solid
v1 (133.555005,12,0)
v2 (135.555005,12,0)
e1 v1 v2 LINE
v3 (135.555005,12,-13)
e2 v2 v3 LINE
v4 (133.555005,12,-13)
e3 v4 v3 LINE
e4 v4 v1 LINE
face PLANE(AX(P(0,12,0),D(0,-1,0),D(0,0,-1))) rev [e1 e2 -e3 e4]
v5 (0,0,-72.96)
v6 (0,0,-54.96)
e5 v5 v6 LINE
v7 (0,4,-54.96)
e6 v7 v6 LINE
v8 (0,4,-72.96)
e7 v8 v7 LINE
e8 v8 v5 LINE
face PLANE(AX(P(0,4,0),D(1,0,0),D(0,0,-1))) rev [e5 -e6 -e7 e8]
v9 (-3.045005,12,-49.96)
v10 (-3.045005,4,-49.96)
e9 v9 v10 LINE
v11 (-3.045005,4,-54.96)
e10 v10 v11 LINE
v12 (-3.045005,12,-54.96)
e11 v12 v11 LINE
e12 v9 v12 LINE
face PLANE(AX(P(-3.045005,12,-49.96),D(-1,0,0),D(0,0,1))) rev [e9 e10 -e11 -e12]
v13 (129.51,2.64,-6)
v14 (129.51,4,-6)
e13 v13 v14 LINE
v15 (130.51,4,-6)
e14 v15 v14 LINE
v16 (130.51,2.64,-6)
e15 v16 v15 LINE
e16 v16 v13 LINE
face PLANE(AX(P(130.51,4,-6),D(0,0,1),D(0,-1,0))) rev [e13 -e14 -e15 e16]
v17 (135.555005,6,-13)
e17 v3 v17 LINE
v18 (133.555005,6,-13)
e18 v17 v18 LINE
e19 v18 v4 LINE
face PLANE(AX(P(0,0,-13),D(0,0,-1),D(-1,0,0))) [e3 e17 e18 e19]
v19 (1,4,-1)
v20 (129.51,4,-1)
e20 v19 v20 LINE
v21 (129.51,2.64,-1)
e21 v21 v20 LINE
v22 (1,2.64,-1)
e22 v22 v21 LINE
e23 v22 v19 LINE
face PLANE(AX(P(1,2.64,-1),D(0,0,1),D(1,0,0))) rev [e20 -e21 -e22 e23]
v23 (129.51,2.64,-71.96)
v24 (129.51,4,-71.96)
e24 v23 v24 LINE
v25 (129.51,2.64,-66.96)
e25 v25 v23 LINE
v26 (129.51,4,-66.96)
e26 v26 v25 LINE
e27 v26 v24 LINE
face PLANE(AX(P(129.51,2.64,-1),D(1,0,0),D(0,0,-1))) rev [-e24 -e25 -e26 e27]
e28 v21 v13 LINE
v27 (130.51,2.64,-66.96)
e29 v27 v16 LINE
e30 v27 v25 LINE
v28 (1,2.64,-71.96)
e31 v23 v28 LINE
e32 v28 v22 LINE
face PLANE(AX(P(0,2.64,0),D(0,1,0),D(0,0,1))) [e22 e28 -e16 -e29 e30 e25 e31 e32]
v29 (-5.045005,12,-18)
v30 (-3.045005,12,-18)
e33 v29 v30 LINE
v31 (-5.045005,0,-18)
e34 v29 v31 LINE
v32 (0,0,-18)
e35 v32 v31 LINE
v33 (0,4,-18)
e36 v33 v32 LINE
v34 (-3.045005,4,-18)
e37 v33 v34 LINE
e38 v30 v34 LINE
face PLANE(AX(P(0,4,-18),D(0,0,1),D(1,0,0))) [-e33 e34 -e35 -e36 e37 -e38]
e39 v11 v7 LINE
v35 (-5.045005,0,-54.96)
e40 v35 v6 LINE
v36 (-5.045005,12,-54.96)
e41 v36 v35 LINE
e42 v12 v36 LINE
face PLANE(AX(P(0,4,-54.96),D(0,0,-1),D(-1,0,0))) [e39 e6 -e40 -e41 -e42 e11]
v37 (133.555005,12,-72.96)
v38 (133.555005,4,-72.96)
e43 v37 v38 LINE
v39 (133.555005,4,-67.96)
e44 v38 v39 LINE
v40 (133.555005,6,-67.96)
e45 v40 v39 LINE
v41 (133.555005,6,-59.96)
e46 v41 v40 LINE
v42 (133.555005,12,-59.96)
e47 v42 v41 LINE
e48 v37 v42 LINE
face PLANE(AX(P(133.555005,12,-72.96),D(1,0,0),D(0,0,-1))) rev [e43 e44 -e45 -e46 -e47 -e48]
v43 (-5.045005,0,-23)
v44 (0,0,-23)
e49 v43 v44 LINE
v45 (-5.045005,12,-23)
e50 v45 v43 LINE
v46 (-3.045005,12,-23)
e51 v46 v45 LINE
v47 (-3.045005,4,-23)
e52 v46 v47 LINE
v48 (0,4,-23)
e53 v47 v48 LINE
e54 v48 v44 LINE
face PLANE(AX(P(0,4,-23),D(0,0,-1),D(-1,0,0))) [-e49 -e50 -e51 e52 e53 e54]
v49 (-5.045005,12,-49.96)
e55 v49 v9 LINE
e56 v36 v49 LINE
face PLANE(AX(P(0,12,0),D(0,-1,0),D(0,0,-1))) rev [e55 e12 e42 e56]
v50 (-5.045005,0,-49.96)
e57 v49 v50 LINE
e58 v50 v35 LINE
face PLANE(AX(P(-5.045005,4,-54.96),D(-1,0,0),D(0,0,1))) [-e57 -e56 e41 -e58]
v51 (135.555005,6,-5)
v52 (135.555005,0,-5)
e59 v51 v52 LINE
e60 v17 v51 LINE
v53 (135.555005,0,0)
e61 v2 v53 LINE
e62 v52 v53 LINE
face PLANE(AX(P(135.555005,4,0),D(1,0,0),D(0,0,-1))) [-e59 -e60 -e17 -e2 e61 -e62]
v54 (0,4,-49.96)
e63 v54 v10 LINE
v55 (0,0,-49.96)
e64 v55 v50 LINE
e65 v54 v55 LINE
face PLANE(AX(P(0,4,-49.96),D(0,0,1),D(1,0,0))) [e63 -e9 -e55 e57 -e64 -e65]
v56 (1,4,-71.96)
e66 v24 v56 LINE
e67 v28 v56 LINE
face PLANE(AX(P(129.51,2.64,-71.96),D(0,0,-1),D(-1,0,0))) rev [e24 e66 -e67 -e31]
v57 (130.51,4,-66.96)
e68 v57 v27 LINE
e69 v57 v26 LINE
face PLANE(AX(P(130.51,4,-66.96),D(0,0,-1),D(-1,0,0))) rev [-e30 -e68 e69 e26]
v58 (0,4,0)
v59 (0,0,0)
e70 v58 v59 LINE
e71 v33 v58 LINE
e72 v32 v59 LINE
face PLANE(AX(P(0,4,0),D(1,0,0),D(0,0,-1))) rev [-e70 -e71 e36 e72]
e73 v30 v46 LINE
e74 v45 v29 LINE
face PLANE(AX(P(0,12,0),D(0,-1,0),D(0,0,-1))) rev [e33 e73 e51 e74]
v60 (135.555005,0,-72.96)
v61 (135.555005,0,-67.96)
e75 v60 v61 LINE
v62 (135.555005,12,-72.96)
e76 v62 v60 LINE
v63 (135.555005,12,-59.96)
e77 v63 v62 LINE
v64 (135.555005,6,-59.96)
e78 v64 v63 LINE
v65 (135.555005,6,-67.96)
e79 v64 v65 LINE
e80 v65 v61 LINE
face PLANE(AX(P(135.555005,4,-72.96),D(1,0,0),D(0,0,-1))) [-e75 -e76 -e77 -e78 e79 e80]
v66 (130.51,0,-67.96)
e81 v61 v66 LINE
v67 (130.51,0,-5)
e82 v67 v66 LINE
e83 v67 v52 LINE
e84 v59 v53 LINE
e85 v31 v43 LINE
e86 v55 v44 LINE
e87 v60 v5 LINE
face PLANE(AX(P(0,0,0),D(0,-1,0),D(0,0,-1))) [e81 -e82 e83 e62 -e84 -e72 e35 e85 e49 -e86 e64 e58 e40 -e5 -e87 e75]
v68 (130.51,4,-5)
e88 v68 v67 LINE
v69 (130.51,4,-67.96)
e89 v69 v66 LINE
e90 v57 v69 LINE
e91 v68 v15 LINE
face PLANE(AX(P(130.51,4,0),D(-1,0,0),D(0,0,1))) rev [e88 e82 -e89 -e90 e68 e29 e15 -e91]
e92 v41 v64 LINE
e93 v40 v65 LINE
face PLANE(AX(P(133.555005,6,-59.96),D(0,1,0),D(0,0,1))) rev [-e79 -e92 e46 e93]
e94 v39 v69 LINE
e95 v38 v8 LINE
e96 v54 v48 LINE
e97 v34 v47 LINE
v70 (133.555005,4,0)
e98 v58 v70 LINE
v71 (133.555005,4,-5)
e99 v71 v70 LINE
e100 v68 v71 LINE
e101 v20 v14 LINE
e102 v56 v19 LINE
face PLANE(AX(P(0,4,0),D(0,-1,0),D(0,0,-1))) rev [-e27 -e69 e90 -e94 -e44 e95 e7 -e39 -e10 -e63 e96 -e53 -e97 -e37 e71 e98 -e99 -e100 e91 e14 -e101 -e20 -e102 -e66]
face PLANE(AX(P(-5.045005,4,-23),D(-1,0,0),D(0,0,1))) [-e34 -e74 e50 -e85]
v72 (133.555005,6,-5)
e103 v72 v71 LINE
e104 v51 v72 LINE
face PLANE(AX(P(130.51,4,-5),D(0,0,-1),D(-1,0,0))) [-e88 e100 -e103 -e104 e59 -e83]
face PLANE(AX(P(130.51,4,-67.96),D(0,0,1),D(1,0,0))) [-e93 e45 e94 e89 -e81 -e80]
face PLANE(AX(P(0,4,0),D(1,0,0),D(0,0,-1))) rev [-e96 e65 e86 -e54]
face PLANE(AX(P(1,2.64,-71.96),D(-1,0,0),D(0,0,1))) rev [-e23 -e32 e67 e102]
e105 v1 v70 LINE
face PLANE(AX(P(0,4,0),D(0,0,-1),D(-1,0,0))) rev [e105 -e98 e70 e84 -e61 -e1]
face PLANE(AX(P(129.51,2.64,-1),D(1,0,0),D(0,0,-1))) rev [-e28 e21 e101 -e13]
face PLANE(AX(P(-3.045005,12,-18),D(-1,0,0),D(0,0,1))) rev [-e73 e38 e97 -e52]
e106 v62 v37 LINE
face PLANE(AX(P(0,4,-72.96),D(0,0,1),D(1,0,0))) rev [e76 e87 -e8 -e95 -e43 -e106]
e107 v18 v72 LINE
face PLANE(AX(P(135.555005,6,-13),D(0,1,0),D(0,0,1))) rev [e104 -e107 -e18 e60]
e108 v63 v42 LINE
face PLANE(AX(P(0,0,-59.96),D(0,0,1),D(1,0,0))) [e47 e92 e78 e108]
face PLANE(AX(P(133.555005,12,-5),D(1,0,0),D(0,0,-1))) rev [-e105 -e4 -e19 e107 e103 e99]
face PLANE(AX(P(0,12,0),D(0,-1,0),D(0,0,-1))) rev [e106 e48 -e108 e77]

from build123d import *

# Parameters (mm, degrees)
ESQUISSE1_W             = 130.51
ESQUISSE1_H             = 72.96
BOSS_EXTRU_4_DEPTH      = 4
ESQUISSE5_W             = 128.51
ESQUISSE5_H             = 70.96
ENL_V_MAT_EXTRU_1_DEPTH = 1.36
ESQUISSE6_W             = 60.96
ESQUISSE6_H             = 1.36
ENL_V_MAT_EXTRU_2_DEPTH = 149.70104808
ESQUISSE12_W            = 5.045005
ESQUISSE12_H            = 5
BOSS_EXTRU_10_DEPTH     = 4
ESQUISSE14_W            = 2
ESQUISSE14_H            = 5
BOSS_EXTRU_11_DEPTH     = 8
ESQUISSE15_W            = 2
ESQUISSE15_H            = 6
BOSS_EXTRU_12_DEPTH     = 8
ESQUISSE16_W            = 2
ESQUISSE16_H            = 6
BOSS_EXTRU_13_DEPTH     = 8
ESQUISSE17_W            = 5.045005
ESQUISSE17_H            = 5
BOSS_EXTRU_14_DEPTH     = 4
ESQUISSE19_W            = 2
ESQUISSE19_H            = 5
BOSS_EXTRU_15_DEPTH     = 8


with BuildPart() as part:
    # Esquisse1 → Boss.-Extru.4 (new body)
    with BuildSketch(Plane(origin=(0, 0, 0), x_dir=(1, 0, 0), z_dir=(0, 1, 0))):
        with Locations((65.255, 36.48)):
            Rectangle(ESQUISSE1_W, ESQUISSE1_H)
    extrude(amount=BOSS_EXTRU_4_DEPTH)

    # Esquisse5 → Enlèv. mat.-Extru.1 (cut)
    with BuildSketch(Plane(origin=(0, 4, 0), x_dir=(1, 0, 0), z_dir=(0, 1, 0))):
        with Locations((65.255, 36.48)):
            Rectangle(ESQUISSE5_W, ESQUISSE5_H)
    extrude(amount=-ENL_V_MAT_EXTRU_1_DEPTH, mode=Mode.SUBTRACT)

    # Esquisse6 → Enlèv. mat.-Extru.2 (cut, through all)
    with BuildSketch(Plane.ZY.offset(-129.51)):
        with Locations((-36.48, 3.32)):
            Rectangle(ESQUISSE6_W, ESQUISSE6_H)
    extrude(amount=-ENL_V_MAT_EXTRU_2_DEPTH, mode=Mode.SUBTRACT)

    # Esquisse12 → Boss.-Extru.10 (add)
    with BuildSketch(Plane.XZ):
        with Locations((133.0325025, -70.46)):
            Rectangle(ESQUISSE12_W, ESQUISSE12_H)
        with Locations((133.0325025, -2.5)):
            Rectangle(ESQUISSE12_W, ESQUISSE12_H)
    extrude(amount=-BOSS_EXTRU_10_DEPTH)

    # Esquisse14 → Boss.-Extru.11 (add)
    with BuildSketch(Plane(origin=(0, 4, 0), x_dir=(1, 0, 0), z_dir=(0, 1, 0))):
        with Locations((134.555005, 70.46)):
            Rectangle(ESQUISSE14_W, ESQUISSE14_H)
        with Locations((134.555005, 2.5)):
            Rectangle(ESQUISSE14_W, ESQUISSE14_H)
    extrude(amount=BOSS_EXTRU_11_DEPTH)

    # Esquisse15 → Boss.-Extru.12 (add)
    with BuildSketch(Plane(origin=(0, 0, -5), x_dir=(-1, 0, 0), z_dir=(0, 0, -1))):
        with Locations((-134.555005, 9)):
            Rectangle(ESQUISSE15_W, ESQUISSE15_H)
    extrude(amount=BOSS_EXTRU_12_DEPTH)

    # Esquisse16 → Boss.-Extru.13 (add)
    with BuildSketch(Plane.XY.offset(-67.96)):
        with Locations((134.555005, 9)):
            Rectangle(ESQUISSE16_W, ESQUISSE16_H)
    extrude(amount=BOSS_EXTRU_13_DEPTH)

    # Esquisse17 → Boss.-Extru.14 (add)
    with BuildSketch(Plane.XZ):
        with Locations((-2.5225025, -52.46)):
            Rectangle(ESQUISSE17_W, ESQUISSE17_H)
        with Locations((-2.5225025, -20.5)):
            Rectangle(ESQUISSE17_W, ESQUISSE17_H)
    extrude(amount=-BOSS_EXTRU_14_DEPTH)

    # Esquisse19 → Boss.-Extru.15 (add)
    with BuildSketch(Plane(origin=(0, 4, 0), x_dir=(1, 0, 0), z_dir=(0, 1, 0))):
        with Locations((-4.045005, 52.46)):
            Rectangle(ESQUISSE19_W, ESQUISSE19_H)
        with Locations((-4.045005, 20.5)):
            Rectangle(ESQUISSE19_W, ESQUISSE19_H)
    extrude(amount=BOSS_EXTRU_15_DEPTH)


solid = part.part
